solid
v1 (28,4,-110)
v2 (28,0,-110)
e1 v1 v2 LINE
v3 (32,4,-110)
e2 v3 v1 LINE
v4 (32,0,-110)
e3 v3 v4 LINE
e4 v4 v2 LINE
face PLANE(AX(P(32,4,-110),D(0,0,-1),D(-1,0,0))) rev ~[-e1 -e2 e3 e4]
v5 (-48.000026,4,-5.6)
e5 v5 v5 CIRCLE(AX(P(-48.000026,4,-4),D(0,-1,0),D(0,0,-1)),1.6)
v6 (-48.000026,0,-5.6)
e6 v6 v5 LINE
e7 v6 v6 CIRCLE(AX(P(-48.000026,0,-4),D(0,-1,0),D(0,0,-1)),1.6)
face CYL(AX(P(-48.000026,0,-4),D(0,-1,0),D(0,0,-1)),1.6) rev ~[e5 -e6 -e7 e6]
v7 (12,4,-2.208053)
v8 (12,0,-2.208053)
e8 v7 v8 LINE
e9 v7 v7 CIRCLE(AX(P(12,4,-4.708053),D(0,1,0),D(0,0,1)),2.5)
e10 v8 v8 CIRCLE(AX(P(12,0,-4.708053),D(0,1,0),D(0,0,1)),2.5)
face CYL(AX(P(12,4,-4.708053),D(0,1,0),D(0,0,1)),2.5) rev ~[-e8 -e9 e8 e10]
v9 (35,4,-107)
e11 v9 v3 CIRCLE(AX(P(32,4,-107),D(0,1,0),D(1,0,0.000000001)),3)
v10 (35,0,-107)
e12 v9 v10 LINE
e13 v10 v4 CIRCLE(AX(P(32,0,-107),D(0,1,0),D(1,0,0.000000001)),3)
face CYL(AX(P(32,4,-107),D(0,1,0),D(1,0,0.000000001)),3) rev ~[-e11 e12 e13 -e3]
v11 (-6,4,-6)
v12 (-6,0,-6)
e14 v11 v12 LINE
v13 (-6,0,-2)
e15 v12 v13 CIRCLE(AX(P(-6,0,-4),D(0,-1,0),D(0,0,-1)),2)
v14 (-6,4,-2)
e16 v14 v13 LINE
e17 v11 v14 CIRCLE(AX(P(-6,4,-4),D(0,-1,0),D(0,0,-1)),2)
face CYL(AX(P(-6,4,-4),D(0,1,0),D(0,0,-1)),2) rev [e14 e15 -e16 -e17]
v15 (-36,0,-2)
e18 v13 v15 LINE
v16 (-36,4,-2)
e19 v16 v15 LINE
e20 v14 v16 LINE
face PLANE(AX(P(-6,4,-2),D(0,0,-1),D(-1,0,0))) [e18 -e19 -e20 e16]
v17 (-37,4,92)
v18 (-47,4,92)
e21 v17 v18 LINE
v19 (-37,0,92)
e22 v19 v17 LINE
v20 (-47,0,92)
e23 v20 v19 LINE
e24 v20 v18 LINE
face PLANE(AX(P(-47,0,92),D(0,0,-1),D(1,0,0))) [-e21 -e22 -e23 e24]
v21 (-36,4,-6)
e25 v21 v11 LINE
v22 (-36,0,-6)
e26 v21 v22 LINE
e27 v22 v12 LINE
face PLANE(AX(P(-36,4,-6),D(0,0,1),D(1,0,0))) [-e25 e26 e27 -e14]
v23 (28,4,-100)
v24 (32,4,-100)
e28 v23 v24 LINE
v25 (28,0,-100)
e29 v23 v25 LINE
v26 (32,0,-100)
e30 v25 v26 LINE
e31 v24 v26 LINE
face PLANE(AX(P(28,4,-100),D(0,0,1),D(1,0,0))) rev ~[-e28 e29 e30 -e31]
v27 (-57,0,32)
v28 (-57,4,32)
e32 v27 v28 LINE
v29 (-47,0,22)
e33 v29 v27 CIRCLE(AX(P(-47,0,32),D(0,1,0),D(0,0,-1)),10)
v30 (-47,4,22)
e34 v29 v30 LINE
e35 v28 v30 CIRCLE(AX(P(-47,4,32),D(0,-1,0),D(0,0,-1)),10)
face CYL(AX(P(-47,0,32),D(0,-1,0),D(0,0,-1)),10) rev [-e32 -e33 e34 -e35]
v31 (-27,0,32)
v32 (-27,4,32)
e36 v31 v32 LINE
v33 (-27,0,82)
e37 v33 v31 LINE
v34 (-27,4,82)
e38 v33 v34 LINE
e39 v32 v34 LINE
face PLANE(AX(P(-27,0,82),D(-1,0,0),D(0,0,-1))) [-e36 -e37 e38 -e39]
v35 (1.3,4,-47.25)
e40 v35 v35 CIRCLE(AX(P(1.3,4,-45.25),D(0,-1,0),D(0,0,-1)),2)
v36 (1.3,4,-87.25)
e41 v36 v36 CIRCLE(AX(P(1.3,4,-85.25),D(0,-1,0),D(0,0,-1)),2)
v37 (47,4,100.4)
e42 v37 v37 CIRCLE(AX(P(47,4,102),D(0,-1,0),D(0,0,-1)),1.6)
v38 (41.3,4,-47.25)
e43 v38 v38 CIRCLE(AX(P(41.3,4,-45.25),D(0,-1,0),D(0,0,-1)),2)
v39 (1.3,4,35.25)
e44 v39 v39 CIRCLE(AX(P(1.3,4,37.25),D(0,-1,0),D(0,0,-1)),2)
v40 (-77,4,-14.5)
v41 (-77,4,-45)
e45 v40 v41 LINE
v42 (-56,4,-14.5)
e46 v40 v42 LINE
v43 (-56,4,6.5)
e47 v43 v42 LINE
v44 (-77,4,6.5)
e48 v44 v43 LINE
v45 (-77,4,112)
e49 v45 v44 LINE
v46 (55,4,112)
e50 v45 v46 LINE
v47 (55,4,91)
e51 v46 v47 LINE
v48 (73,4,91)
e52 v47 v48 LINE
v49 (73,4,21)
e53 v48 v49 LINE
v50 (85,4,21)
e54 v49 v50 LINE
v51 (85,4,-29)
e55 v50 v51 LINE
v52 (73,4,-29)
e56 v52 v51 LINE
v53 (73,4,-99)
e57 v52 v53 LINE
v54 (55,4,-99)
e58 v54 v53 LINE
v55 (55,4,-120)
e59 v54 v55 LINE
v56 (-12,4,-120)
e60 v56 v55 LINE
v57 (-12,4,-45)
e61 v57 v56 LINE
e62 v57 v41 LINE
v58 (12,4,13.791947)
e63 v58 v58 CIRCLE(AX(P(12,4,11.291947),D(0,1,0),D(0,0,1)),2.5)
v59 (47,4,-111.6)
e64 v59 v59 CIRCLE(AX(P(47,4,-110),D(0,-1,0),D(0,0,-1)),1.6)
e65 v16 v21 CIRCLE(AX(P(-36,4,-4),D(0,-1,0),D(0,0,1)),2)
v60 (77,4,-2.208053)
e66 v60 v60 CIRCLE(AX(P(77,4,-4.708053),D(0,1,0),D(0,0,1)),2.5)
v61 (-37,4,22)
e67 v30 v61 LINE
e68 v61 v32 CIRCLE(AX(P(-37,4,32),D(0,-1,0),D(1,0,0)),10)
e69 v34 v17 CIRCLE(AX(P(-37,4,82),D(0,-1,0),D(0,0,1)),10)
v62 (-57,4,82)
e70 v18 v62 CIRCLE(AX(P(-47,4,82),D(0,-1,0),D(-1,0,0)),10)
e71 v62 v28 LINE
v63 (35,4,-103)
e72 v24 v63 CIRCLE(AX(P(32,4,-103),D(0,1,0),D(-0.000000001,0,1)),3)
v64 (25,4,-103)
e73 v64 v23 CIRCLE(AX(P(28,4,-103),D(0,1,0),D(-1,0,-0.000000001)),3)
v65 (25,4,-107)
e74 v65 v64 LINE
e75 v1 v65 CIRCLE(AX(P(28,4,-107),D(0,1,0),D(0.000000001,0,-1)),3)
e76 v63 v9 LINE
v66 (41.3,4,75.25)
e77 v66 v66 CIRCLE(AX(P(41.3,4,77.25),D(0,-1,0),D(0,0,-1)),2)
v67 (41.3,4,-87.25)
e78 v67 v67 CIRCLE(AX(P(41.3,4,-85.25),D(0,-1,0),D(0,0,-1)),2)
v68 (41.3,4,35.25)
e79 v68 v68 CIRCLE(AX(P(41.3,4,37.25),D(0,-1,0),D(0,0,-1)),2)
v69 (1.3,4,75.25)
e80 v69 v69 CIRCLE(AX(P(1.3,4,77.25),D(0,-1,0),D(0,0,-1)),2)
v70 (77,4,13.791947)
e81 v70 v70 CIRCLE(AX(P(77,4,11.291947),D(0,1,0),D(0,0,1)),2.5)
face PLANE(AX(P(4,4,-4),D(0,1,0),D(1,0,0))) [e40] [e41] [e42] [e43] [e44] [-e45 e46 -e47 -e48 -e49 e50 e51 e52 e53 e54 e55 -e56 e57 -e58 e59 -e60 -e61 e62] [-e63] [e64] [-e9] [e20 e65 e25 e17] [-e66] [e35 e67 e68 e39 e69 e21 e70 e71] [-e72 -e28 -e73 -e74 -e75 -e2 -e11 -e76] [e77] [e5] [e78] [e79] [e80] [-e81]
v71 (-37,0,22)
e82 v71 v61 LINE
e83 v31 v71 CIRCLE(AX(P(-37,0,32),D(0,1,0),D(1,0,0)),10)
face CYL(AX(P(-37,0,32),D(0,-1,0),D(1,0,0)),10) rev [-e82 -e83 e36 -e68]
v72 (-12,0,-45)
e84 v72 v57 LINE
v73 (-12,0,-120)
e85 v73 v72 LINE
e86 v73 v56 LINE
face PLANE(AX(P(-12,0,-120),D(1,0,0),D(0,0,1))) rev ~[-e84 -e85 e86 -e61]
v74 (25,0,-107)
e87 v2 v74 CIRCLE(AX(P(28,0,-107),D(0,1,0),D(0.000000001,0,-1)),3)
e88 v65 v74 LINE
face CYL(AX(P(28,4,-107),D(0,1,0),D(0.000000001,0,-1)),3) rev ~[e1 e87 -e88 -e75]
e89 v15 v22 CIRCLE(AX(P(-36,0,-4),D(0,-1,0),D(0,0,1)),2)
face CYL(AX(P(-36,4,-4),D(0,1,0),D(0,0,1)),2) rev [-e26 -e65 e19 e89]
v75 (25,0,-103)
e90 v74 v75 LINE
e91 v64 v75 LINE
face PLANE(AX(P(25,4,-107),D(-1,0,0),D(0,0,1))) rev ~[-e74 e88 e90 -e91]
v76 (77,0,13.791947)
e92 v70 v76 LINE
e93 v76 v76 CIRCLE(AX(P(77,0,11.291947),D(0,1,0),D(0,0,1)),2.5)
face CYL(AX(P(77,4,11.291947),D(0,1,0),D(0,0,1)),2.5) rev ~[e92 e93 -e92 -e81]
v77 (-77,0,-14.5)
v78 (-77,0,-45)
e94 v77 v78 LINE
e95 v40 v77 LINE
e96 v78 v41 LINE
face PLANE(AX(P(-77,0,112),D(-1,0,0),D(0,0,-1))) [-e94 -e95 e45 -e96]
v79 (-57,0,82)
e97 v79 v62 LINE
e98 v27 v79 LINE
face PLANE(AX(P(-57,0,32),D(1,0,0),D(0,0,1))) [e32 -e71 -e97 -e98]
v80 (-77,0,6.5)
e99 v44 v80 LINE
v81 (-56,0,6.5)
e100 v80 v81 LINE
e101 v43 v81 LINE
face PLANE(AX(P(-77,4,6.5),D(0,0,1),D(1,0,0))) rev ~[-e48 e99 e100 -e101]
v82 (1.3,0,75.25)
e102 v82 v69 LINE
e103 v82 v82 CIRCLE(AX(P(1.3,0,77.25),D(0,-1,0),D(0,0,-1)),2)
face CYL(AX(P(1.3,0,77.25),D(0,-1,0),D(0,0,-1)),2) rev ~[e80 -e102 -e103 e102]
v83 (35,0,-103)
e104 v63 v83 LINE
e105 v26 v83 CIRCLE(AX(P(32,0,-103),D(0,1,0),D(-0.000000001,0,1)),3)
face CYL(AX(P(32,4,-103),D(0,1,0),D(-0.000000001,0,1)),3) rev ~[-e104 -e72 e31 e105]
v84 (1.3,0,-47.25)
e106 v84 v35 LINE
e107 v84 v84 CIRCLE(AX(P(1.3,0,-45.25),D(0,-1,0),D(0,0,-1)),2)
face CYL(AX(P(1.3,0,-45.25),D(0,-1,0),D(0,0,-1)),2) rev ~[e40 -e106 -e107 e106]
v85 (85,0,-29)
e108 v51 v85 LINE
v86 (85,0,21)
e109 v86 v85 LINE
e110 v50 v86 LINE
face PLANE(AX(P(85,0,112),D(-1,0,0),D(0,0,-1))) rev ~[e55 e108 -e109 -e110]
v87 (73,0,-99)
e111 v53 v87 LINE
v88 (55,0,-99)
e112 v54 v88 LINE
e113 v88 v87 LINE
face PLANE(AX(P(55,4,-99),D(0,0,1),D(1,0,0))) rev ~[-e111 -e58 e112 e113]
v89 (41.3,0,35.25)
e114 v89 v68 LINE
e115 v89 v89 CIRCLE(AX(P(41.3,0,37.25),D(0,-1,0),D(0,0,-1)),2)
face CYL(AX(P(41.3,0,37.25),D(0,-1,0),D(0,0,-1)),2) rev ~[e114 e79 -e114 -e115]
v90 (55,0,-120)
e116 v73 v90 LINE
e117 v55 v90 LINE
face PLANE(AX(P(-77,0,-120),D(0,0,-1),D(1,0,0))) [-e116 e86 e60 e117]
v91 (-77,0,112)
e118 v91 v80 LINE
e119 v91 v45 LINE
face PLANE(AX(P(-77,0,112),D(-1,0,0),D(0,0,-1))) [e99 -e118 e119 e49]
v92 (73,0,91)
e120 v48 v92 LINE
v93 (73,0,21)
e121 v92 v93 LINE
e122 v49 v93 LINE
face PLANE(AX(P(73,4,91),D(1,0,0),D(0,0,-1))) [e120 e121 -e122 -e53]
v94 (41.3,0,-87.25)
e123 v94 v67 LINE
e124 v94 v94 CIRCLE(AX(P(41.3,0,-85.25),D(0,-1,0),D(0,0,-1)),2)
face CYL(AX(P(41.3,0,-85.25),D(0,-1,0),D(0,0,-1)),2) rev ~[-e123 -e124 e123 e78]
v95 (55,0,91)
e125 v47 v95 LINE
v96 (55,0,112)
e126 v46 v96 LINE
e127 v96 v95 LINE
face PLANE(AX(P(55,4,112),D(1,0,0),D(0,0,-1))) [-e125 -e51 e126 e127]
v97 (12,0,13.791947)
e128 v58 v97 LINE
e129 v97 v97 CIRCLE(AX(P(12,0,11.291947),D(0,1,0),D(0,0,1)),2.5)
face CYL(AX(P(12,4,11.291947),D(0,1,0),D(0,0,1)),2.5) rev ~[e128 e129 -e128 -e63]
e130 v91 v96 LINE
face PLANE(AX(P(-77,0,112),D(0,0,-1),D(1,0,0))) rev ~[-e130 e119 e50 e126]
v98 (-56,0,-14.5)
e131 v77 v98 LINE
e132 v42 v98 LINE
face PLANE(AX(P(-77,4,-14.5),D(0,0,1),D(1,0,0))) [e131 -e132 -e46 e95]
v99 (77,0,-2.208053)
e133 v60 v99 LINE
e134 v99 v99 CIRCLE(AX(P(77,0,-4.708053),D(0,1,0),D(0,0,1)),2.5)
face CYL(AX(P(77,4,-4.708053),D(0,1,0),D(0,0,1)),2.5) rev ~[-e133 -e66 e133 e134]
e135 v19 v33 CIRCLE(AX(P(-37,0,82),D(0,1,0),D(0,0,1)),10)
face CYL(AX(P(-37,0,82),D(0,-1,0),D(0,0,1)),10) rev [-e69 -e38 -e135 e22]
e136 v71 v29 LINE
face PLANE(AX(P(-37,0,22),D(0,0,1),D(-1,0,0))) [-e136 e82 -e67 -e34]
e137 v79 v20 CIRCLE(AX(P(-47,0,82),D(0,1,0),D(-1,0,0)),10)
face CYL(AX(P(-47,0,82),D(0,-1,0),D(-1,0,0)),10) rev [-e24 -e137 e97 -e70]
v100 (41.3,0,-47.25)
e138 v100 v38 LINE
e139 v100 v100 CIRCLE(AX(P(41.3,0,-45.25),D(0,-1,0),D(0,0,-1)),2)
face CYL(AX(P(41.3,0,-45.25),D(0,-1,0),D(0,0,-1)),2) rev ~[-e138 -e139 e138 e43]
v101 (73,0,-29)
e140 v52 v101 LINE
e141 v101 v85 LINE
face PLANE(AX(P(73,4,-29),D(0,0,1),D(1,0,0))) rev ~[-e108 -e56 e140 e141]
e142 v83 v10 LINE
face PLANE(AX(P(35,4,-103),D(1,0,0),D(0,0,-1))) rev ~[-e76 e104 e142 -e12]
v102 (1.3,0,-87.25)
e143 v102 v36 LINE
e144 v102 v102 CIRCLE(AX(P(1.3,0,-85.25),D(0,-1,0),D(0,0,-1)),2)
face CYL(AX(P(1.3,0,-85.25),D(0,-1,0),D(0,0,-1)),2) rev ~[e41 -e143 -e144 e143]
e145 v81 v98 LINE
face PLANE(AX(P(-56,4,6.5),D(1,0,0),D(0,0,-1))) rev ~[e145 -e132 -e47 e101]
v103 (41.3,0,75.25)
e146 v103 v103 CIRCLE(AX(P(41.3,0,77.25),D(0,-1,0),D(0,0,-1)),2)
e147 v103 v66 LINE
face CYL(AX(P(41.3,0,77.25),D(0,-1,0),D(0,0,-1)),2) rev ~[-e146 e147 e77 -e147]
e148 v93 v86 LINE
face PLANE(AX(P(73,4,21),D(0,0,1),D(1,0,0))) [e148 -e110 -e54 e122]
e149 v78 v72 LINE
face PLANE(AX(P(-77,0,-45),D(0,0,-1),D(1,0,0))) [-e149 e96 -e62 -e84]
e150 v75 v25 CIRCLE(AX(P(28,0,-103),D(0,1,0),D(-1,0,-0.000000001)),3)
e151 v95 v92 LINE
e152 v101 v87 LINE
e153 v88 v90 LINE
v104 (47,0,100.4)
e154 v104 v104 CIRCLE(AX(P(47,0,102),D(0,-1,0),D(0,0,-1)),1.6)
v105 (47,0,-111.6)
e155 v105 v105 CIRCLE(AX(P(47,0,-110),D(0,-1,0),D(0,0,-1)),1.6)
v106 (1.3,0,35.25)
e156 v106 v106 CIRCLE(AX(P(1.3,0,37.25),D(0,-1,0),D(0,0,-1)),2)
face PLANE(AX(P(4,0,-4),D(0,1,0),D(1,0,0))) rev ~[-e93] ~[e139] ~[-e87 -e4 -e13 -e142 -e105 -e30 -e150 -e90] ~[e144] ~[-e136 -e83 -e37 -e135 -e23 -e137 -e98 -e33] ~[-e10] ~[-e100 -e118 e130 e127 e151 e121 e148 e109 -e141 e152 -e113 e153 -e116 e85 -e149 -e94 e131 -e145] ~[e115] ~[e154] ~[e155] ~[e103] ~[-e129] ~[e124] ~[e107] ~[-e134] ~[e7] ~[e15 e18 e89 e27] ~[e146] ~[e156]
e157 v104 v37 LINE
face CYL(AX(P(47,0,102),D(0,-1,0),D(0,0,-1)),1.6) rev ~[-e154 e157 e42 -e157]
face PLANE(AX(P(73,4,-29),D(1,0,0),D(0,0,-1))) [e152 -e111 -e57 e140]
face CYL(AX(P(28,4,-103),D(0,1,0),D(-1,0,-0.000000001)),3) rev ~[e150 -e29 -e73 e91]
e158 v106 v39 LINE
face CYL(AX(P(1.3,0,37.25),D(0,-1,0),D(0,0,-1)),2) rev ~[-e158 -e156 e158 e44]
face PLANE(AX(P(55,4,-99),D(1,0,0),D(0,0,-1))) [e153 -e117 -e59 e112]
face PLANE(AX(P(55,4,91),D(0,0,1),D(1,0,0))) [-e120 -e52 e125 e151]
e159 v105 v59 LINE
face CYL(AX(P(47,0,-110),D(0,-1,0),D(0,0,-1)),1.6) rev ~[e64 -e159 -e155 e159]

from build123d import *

# Parameters (mm, degrees)
SKETCH1_W           = 162
SKETCH1_H           = 232
BOSS_EXTRUDE1_DEPTH = 4
SKETCH4_W           = 30
SKETCH4_H           = 21
SKETCH4_W_2         = 21
CUT_EXTRUDE3_DEPTH  = 148.108803272
SKETCH5_R           = 1.599999999
SKETCH5_R_2         = 1.600000001
SKETCH5_R_3         = 1.6
SKETCH5_R_4         = 2
CUT_EXTRUDE4_DEPTH  = 148.108803272
SKETCH7_W           = 65
SKETCH7_H           = 75
CUT_EXTRUDE6_DEPTH  = 148.108803272
CUT_EXTRUDE7_DEPTH  = 148.108803272
CUT_EXTRUDE8_DEPTH  = 148.108803272
SKETCH10_R          = 2.5
CUT_EXTRUDE9_DEPTH  = 148.108803272
CUT_EXTRUDE10_DEPTH = 4
SKETCH12_W          = 12
SKETCH12_H          = 70
CUT_EXTRUDE11_DEPTH = 4


with BuildPart() as part:
    # Sketch1 → Boss-Extrude1 (new body)
    with BuildSketch(Plane(origin=(0, 0, 0), x_dir=(1, 0, 0), z_dir=(0, 1, 0))):
        with Locations((4, 4)):
            Rectangle(SKETCH1_W, SKETCH1_H)
    extrude(amount=BOSS_EXTRUDE1_DEPTH)

    # Sketch4 → Cut-Extrude3 (cut, through all)
    with BuildSketch(Plane(origin=(0, 4, 0), x_dir=(1, 0, 0), z_dir=(0, 1, 0))):
        with Locations((70, 109.5)):
            Rectangle(SKETCH4_W, SKETCH4_H)
        with Locations((-66.5, 4)):
            Rectangle(SKETCH4_W_2, SKETCH4_H)
        with Locations((70, -101.5)):
            Rectangle(SKETCH4_W, SKETCH4_H)
    extrude(amount=-CUT_EXTRUDE3_DEPTH, mode=Mode.SUBTRACT)

    # Sketch5 → Cut-Extrude4 (cut, through all)
    with BuildSketch(Plane.XZ):
        with Locations(Location((-48.000025976, -4, 0), (0, 0, 270))):
            Circle(SKETCH5_R)
        with Locations(Location((46.999999998, -109.999999999, 0), (0, 0, 270))):
            Circle(SKETCH5_R_2)
        with Locations(Location((46.999999999, 101.999999999, 0), (0, 0, 270))):
            Circle(SKETCH5_R_3)
        with Locations(Location((41.3, 37.25, 0), (0, 0, 270))):
            Circle(SKETCH5_R_4)
        with Locations(Location((41.3, 77.25, 0), (0, 0, 270))):
            Circle(SKETCH5_R_4)
        with Locations(Location((1.3, 37.25, 0), (0, 0, 270))):
            Circle(SKETCH5_R_4)
        with Locations(Location((1.3, 77.25, 0), (0, 0, 270))):
            Circle(SKETCH5_R_4)
        with Locations(Location((41.3, -45.25, 0), (0, 0, 270))):
            Circle(SKETCH5_R_4)
        with Locations(Location((1.3, -45.25, 0), (0, 0, 270))):
            Circle(SKETCH5_R_4)
        with Locations(Location((1.3, -85.25, 0), (0, 0, 270))):
            Circle(SKETCH5_R_4)
        with Locations(Location((41.3, -85.25, 0), (0, 0, 270))):
            Circle(SKETCH5_R_4)
    extrude(amount=-CUT_EXTRUDE4_DEPTH, mode=Mode.SUBTRACT)

    # Sketch7 → Cut-Extrude6 (cut, through all)
    with BuildSketch(Plane.XZ):
        with Locations((-44.5, -82.5)):
            Rectangle(SKETCH7_W, SKETCH7_H)
    extrude(amount=-CUT_EXTRUDE6_DEPTH, mode=Mode.SUBTRACT)

    # Sketch8 → Cut-Extrude7 (cut, through all)
    with BuildSketch(Plane.XZ):
        with BuildLine():
            Line((-47, 92), (-37, 92))
            ThreePointArc((-37, 92), (-29.928932188, 89.071067812), (-27, 82))
            Line((-27, 82), (-27, 32))
            ThreePointArc((-27, 32), (-29.928932188, 24.928932188), (-37, 22))
            Line((-37, 22), (-47, 22))
            ThreePointArc((-47, 22), (-54.071067812, 24.928932188), (-57, 32))
            Line((-57, 32), (-57, 82))
            ThreePointArc((-57, 82), (-54.071067812, 89.071067812), (-47, 92))
        make_face()
    extrude(amount=-CUT_EXTRUDE7_DEPTH, mode=Mode.SUBTRACT)

    # Sketch9 → Cut-Extrude8 (cut, through all)
    with BuildSketch(Plane(origin=(0, 4, 0), x_dir=(1, 0, 0), z_dir=(0, 1, 0))):
        with BuildLine():
            Line((28, 100), (32, 100))
            ThreePointArc((32, 100), (34.121320344, 100.878679656), (35, 103))
            Line((35, 103), (35, 107))
            ThreePointArc((35, 107), (34.121320344, 109.121320344), (32, 110))
            Line((32, 110), (28, 110))
            ThreePointArc((28, 110), (25.878679656, 109.121320344), (25, 107))
            Line((25, 107), (25, 103))
            ThreePointArc((25, 103), (25.878679656, 100.878679656), (28, 100))
        make_face()
    extrude(amount=-CUT_EXTRUDE8_DEPTH, mode=Mode.SUBTRACT)

    # Sketch10 → Cut-Extrude9 (cut, through all)
    with BuildSketch(Plane(origin=(0, 4, 0), x_dir=(1, 0, 0), z_dir=(0, 1, 0))):
        with Locations(Location((12, -11.291947097, 0), (0, 0, 270))):
            Circle(SKETCH10_R)
        with Locations(Location((12, 4.708052903, 0), (0, 0, 270))):
            Circle(SKETCH10_R)
        with Locations(Location((77, 4.708052903, 0), (0, 0, 270))):
            Circle(SKETCH10_R)
        with Locations(Location((77, -11.291947097, 0), (0, 0, 270))):
            Circle(SKETCH10_R)
    extrude(amount=-CUT_EXTRUDE9_DEPTH, mode=Mode.SUBTRACT)

    # Sketch11 → Cut-Extrude10 (cut)
    with BuildSketch(Plane(origin=(0, 4, 0), x_dir=(1, 0, 0), z_dir=(0, 1, 0))):
        with BuildLine():
            Line((-36, 6), (-6, 6))
            ThreePointArc((-6, 6), (-4, 4), (-6, 2))
            Line((-6, 2), (-36, 2))
            ThreePointArc((-36, 2), (-38, 4), (-36, 6))
        make_face()
    extrude(amount=-CUT_EXTRUDE10_DEPTH, mode=Mode.SUBTRACT)

    # Sketch12 → Cut-Extrude11 (cut)
    with BuildSketch(Plane(origin=(0, 4, 0), x_dir=(1, 0, 0), z_dir=(0, 1, 0))):
        with Locations((79, 64)):
            Rectangle(SKETCH12_W, SKETCH12_H)
        with Locations((79, -56)):
            Rectangle(SKETCH12_W, SKETCH12_H)
    extrude(amount=-CUT_EXTRUDE11_DEPTH, mode=Mode.SUBTRACT)


solid = part.part
